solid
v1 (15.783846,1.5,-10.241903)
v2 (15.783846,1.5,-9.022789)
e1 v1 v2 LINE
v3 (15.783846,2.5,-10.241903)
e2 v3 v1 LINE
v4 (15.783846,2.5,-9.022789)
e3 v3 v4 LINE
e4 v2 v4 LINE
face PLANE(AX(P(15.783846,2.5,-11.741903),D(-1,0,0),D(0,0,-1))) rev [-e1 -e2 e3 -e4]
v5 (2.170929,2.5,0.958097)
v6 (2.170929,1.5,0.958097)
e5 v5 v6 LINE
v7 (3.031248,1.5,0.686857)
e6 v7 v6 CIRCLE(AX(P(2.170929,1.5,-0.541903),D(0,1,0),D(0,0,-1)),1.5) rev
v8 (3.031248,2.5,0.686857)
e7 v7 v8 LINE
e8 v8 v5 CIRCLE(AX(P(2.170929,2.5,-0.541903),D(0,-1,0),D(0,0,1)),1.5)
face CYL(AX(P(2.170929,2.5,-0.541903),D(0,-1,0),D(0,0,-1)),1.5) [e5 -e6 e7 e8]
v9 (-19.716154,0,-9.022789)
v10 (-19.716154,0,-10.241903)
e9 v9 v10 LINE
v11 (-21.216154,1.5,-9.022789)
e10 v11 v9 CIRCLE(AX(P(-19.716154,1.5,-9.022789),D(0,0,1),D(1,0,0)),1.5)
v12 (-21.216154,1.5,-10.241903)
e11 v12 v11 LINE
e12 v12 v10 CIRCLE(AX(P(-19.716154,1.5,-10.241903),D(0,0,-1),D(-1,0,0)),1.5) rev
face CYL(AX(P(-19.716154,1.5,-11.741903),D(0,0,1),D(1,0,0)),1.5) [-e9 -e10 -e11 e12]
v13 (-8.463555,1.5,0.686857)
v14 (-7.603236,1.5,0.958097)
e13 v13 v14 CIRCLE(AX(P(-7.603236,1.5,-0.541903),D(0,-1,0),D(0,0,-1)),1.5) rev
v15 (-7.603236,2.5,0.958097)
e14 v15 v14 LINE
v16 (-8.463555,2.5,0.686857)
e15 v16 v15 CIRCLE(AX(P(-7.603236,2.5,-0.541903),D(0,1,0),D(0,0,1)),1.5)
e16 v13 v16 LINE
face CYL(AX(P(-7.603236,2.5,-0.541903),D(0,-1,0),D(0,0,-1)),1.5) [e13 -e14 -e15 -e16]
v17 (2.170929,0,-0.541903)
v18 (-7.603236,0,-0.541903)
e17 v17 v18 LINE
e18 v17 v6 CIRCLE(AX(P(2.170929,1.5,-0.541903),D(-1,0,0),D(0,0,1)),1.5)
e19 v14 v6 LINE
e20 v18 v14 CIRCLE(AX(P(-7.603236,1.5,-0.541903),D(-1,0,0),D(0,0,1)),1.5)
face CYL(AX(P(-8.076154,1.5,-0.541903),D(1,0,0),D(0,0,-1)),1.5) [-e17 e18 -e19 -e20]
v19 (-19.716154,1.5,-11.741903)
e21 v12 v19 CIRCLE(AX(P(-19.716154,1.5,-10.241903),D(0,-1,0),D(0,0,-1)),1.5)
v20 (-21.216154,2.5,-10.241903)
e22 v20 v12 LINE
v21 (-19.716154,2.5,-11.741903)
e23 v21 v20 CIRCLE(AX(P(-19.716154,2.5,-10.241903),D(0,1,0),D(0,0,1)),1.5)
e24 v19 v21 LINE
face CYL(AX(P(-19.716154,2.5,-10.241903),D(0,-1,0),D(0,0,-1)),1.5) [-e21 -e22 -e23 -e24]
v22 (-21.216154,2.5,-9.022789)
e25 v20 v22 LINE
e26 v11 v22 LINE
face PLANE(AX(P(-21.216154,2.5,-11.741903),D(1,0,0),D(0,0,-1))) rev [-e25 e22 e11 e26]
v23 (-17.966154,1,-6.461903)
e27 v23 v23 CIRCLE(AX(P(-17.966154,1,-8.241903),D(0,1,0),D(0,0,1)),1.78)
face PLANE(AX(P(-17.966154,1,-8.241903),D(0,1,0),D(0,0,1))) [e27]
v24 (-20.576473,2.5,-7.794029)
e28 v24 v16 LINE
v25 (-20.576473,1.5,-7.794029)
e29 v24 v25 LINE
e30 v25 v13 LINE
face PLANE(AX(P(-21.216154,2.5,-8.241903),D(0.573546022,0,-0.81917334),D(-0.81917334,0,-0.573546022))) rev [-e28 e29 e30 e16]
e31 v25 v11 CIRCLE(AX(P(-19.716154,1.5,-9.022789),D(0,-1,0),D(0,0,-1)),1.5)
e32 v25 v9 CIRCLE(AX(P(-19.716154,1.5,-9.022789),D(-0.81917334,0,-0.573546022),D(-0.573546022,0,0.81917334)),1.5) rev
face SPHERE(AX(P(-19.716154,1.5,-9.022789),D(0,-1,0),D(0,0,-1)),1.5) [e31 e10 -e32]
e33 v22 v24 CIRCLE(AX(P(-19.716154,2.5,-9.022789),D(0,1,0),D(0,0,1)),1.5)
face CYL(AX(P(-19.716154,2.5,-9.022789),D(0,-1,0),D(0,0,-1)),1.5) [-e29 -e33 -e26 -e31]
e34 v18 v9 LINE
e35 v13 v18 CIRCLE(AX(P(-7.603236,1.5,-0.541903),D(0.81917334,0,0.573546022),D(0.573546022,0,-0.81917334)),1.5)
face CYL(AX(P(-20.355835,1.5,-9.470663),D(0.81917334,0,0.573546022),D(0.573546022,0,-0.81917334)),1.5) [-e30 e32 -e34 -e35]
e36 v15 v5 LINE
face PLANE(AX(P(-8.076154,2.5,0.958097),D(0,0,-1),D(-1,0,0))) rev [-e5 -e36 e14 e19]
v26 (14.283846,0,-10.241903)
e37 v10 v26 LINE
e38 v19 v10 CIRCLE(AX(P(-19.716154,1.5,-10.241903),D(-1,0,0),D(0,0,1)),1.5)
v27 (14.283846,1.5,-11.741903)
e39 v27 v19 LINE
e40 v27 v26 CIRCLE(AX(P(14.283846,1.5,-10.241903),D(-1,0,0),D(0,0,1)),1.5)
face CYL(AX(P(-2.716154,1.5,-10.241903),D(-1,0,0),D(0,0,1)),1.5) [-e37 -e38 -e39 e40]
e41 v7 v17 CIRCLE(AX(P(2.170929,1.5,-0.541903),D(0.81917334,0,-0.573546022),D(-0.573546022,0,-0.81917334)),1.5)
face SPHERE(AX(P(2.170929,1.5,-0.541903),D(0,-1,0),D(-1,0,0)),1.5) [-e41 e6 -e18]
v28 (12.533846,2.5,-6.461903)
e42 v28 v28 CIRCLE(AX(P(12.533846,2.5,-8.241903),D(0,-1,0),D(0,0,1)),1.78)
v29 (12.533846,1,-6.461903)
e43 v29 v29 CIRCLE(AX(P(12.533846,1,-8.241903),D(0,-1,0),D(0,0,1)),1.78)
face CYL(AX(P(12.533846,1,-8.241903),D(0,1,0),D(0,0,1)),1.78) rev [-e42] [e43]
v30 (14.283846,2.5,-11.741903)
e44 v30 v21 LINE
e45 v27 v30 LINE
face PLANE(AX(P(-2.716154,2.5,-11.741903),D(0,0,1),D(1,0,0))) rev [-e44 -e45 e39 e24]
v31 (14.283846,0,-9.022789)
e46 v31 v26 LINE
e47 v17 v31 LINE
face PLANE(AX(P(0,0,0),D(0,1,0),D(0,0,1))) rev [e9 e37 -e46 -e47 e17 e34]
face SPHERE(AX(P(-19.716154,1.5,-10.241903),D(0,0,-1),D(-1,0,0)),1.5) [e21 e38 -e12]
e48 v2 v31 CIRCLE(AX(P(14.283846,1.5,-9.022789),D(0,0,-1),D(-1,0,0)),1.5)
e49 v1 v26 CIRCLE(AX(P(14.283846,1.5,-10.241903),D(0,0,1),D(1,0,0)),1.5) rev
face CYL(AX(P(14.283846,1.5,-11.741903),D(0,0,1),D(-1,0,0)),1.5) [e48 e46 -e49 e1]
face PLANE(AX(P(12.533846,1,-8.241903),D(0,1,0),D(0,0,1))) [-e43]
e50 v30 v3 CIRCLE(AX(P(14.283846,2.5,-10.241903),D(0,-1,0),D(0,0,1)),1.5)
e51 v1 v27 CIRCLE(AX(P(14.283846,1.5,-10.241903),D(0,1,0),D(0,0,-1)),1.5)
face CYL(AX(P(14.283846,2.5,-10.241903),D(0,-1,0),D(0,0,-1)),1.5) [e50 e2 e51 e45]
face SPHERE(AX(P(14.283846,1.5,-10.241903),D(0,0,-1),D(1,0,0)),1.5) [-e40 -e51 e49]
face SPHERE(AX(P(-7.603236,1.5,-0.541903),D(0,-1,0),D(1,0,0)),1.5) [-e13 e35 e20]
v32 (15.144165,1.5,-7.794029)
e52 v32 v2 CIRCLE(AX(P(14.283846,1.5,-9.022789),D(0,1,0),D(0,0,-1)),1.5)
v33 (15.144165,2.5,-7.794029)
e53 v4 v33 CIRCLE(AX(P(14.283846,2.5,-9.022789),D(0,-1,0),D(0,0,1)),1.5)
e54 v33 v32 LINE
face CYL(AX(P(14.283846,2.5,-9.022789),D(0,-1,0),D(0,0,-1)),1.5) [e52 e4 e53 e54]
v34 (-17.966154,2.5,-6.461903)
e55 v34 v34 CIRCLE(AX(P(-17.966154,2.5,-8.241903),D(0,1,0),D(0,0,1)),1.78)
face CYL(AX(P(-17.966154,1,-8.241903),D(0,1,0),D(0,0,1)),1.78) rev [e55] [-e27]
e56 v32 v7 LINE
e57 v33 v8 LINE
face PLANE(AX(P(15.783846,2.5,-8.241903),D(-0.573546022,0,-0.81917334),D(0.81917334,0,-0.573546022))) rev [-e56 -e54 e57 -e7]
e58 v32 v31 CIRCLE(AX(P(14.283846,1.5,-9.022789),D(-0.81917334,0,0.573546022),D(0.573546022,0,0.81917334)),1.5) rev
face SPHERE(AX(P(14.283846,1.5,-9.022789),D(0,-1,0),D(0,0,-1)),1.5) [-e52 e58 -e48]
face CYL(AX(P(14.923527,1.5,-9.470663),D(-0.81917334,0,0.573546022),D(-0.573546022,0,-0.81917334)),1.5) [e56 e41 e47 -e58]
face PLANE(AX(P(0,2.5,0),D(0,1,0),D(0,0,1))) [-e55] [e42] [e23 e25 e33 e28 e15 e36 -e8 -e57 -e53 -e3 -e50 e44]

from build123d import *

# Parameters (mm, degrees)
BOSS_EXTRUDE1_DEPTH = 2.5
SKETCH2_R           = 1.78
CUT_EXTRUDE1_DEPTH  = 1.5
FILLET1_R           = 1.5


with BuildPart() as part:
    # Sketch1 → Boss-Extrude1 (new body)
    with BuildSketch(Plane(origin=(0, 0, 0), x_dir=(1, 0, 0), z_dir=(0, 1, 0))):
        Polygon((-21.216153836, 11.741903429), (-21.216153836, 8.241903429), (-8.076153836, -0.958096571), (-2.716153836, -0.958096571), (-2.716153836, 11.741903429), align=None)
    extrude(amount=BOSS_EXTRUDE1_DEPTH)

    # Sketch2 → Cut-Extrude1 (cut)
    with BuildSketch(Plane(origin=(0, 2.5, 0), x_dir=(1, 0, 0), z_dir=(0, 1, 0))):
        with Locations((-17.966153836, 8.241903429)):
            Circle(SKETCH2_R)
    extrude(amount=-CUT_EXTRUDE1_DEPTH, mode=Mode.SUBTRACT)

    # Fillet1
    fillet1_edges = [part.edges().sort_by_distance(p)[0] for p in [
        (-5.396153836, 0, 0.958096571),
        (-14.646153836, 0, -3.641903429),
        (-21.216153836, 0, -9.991903429),
        (-11.966153836, 0, -11.741903429),
        (-8.076153836, 1.25, 0.958096571),
        (-21.216153836, 1.25, -8.241903429),
        (-21.216153836, 1.25, -11.741903429),
    ]]
    fillet(fillet1_edges, radius=FILLET1_R)

    # Mirror1: part across plane


with BuildPart() as part_1:
    add(part.part)
    add(part.part.mirror(Plane(origin=(-2.716153836, 2.5, 0.958096571), x_dir=(0, 0, 1), z_dir=(-1, 0, 0))))


solid = part_1.part
